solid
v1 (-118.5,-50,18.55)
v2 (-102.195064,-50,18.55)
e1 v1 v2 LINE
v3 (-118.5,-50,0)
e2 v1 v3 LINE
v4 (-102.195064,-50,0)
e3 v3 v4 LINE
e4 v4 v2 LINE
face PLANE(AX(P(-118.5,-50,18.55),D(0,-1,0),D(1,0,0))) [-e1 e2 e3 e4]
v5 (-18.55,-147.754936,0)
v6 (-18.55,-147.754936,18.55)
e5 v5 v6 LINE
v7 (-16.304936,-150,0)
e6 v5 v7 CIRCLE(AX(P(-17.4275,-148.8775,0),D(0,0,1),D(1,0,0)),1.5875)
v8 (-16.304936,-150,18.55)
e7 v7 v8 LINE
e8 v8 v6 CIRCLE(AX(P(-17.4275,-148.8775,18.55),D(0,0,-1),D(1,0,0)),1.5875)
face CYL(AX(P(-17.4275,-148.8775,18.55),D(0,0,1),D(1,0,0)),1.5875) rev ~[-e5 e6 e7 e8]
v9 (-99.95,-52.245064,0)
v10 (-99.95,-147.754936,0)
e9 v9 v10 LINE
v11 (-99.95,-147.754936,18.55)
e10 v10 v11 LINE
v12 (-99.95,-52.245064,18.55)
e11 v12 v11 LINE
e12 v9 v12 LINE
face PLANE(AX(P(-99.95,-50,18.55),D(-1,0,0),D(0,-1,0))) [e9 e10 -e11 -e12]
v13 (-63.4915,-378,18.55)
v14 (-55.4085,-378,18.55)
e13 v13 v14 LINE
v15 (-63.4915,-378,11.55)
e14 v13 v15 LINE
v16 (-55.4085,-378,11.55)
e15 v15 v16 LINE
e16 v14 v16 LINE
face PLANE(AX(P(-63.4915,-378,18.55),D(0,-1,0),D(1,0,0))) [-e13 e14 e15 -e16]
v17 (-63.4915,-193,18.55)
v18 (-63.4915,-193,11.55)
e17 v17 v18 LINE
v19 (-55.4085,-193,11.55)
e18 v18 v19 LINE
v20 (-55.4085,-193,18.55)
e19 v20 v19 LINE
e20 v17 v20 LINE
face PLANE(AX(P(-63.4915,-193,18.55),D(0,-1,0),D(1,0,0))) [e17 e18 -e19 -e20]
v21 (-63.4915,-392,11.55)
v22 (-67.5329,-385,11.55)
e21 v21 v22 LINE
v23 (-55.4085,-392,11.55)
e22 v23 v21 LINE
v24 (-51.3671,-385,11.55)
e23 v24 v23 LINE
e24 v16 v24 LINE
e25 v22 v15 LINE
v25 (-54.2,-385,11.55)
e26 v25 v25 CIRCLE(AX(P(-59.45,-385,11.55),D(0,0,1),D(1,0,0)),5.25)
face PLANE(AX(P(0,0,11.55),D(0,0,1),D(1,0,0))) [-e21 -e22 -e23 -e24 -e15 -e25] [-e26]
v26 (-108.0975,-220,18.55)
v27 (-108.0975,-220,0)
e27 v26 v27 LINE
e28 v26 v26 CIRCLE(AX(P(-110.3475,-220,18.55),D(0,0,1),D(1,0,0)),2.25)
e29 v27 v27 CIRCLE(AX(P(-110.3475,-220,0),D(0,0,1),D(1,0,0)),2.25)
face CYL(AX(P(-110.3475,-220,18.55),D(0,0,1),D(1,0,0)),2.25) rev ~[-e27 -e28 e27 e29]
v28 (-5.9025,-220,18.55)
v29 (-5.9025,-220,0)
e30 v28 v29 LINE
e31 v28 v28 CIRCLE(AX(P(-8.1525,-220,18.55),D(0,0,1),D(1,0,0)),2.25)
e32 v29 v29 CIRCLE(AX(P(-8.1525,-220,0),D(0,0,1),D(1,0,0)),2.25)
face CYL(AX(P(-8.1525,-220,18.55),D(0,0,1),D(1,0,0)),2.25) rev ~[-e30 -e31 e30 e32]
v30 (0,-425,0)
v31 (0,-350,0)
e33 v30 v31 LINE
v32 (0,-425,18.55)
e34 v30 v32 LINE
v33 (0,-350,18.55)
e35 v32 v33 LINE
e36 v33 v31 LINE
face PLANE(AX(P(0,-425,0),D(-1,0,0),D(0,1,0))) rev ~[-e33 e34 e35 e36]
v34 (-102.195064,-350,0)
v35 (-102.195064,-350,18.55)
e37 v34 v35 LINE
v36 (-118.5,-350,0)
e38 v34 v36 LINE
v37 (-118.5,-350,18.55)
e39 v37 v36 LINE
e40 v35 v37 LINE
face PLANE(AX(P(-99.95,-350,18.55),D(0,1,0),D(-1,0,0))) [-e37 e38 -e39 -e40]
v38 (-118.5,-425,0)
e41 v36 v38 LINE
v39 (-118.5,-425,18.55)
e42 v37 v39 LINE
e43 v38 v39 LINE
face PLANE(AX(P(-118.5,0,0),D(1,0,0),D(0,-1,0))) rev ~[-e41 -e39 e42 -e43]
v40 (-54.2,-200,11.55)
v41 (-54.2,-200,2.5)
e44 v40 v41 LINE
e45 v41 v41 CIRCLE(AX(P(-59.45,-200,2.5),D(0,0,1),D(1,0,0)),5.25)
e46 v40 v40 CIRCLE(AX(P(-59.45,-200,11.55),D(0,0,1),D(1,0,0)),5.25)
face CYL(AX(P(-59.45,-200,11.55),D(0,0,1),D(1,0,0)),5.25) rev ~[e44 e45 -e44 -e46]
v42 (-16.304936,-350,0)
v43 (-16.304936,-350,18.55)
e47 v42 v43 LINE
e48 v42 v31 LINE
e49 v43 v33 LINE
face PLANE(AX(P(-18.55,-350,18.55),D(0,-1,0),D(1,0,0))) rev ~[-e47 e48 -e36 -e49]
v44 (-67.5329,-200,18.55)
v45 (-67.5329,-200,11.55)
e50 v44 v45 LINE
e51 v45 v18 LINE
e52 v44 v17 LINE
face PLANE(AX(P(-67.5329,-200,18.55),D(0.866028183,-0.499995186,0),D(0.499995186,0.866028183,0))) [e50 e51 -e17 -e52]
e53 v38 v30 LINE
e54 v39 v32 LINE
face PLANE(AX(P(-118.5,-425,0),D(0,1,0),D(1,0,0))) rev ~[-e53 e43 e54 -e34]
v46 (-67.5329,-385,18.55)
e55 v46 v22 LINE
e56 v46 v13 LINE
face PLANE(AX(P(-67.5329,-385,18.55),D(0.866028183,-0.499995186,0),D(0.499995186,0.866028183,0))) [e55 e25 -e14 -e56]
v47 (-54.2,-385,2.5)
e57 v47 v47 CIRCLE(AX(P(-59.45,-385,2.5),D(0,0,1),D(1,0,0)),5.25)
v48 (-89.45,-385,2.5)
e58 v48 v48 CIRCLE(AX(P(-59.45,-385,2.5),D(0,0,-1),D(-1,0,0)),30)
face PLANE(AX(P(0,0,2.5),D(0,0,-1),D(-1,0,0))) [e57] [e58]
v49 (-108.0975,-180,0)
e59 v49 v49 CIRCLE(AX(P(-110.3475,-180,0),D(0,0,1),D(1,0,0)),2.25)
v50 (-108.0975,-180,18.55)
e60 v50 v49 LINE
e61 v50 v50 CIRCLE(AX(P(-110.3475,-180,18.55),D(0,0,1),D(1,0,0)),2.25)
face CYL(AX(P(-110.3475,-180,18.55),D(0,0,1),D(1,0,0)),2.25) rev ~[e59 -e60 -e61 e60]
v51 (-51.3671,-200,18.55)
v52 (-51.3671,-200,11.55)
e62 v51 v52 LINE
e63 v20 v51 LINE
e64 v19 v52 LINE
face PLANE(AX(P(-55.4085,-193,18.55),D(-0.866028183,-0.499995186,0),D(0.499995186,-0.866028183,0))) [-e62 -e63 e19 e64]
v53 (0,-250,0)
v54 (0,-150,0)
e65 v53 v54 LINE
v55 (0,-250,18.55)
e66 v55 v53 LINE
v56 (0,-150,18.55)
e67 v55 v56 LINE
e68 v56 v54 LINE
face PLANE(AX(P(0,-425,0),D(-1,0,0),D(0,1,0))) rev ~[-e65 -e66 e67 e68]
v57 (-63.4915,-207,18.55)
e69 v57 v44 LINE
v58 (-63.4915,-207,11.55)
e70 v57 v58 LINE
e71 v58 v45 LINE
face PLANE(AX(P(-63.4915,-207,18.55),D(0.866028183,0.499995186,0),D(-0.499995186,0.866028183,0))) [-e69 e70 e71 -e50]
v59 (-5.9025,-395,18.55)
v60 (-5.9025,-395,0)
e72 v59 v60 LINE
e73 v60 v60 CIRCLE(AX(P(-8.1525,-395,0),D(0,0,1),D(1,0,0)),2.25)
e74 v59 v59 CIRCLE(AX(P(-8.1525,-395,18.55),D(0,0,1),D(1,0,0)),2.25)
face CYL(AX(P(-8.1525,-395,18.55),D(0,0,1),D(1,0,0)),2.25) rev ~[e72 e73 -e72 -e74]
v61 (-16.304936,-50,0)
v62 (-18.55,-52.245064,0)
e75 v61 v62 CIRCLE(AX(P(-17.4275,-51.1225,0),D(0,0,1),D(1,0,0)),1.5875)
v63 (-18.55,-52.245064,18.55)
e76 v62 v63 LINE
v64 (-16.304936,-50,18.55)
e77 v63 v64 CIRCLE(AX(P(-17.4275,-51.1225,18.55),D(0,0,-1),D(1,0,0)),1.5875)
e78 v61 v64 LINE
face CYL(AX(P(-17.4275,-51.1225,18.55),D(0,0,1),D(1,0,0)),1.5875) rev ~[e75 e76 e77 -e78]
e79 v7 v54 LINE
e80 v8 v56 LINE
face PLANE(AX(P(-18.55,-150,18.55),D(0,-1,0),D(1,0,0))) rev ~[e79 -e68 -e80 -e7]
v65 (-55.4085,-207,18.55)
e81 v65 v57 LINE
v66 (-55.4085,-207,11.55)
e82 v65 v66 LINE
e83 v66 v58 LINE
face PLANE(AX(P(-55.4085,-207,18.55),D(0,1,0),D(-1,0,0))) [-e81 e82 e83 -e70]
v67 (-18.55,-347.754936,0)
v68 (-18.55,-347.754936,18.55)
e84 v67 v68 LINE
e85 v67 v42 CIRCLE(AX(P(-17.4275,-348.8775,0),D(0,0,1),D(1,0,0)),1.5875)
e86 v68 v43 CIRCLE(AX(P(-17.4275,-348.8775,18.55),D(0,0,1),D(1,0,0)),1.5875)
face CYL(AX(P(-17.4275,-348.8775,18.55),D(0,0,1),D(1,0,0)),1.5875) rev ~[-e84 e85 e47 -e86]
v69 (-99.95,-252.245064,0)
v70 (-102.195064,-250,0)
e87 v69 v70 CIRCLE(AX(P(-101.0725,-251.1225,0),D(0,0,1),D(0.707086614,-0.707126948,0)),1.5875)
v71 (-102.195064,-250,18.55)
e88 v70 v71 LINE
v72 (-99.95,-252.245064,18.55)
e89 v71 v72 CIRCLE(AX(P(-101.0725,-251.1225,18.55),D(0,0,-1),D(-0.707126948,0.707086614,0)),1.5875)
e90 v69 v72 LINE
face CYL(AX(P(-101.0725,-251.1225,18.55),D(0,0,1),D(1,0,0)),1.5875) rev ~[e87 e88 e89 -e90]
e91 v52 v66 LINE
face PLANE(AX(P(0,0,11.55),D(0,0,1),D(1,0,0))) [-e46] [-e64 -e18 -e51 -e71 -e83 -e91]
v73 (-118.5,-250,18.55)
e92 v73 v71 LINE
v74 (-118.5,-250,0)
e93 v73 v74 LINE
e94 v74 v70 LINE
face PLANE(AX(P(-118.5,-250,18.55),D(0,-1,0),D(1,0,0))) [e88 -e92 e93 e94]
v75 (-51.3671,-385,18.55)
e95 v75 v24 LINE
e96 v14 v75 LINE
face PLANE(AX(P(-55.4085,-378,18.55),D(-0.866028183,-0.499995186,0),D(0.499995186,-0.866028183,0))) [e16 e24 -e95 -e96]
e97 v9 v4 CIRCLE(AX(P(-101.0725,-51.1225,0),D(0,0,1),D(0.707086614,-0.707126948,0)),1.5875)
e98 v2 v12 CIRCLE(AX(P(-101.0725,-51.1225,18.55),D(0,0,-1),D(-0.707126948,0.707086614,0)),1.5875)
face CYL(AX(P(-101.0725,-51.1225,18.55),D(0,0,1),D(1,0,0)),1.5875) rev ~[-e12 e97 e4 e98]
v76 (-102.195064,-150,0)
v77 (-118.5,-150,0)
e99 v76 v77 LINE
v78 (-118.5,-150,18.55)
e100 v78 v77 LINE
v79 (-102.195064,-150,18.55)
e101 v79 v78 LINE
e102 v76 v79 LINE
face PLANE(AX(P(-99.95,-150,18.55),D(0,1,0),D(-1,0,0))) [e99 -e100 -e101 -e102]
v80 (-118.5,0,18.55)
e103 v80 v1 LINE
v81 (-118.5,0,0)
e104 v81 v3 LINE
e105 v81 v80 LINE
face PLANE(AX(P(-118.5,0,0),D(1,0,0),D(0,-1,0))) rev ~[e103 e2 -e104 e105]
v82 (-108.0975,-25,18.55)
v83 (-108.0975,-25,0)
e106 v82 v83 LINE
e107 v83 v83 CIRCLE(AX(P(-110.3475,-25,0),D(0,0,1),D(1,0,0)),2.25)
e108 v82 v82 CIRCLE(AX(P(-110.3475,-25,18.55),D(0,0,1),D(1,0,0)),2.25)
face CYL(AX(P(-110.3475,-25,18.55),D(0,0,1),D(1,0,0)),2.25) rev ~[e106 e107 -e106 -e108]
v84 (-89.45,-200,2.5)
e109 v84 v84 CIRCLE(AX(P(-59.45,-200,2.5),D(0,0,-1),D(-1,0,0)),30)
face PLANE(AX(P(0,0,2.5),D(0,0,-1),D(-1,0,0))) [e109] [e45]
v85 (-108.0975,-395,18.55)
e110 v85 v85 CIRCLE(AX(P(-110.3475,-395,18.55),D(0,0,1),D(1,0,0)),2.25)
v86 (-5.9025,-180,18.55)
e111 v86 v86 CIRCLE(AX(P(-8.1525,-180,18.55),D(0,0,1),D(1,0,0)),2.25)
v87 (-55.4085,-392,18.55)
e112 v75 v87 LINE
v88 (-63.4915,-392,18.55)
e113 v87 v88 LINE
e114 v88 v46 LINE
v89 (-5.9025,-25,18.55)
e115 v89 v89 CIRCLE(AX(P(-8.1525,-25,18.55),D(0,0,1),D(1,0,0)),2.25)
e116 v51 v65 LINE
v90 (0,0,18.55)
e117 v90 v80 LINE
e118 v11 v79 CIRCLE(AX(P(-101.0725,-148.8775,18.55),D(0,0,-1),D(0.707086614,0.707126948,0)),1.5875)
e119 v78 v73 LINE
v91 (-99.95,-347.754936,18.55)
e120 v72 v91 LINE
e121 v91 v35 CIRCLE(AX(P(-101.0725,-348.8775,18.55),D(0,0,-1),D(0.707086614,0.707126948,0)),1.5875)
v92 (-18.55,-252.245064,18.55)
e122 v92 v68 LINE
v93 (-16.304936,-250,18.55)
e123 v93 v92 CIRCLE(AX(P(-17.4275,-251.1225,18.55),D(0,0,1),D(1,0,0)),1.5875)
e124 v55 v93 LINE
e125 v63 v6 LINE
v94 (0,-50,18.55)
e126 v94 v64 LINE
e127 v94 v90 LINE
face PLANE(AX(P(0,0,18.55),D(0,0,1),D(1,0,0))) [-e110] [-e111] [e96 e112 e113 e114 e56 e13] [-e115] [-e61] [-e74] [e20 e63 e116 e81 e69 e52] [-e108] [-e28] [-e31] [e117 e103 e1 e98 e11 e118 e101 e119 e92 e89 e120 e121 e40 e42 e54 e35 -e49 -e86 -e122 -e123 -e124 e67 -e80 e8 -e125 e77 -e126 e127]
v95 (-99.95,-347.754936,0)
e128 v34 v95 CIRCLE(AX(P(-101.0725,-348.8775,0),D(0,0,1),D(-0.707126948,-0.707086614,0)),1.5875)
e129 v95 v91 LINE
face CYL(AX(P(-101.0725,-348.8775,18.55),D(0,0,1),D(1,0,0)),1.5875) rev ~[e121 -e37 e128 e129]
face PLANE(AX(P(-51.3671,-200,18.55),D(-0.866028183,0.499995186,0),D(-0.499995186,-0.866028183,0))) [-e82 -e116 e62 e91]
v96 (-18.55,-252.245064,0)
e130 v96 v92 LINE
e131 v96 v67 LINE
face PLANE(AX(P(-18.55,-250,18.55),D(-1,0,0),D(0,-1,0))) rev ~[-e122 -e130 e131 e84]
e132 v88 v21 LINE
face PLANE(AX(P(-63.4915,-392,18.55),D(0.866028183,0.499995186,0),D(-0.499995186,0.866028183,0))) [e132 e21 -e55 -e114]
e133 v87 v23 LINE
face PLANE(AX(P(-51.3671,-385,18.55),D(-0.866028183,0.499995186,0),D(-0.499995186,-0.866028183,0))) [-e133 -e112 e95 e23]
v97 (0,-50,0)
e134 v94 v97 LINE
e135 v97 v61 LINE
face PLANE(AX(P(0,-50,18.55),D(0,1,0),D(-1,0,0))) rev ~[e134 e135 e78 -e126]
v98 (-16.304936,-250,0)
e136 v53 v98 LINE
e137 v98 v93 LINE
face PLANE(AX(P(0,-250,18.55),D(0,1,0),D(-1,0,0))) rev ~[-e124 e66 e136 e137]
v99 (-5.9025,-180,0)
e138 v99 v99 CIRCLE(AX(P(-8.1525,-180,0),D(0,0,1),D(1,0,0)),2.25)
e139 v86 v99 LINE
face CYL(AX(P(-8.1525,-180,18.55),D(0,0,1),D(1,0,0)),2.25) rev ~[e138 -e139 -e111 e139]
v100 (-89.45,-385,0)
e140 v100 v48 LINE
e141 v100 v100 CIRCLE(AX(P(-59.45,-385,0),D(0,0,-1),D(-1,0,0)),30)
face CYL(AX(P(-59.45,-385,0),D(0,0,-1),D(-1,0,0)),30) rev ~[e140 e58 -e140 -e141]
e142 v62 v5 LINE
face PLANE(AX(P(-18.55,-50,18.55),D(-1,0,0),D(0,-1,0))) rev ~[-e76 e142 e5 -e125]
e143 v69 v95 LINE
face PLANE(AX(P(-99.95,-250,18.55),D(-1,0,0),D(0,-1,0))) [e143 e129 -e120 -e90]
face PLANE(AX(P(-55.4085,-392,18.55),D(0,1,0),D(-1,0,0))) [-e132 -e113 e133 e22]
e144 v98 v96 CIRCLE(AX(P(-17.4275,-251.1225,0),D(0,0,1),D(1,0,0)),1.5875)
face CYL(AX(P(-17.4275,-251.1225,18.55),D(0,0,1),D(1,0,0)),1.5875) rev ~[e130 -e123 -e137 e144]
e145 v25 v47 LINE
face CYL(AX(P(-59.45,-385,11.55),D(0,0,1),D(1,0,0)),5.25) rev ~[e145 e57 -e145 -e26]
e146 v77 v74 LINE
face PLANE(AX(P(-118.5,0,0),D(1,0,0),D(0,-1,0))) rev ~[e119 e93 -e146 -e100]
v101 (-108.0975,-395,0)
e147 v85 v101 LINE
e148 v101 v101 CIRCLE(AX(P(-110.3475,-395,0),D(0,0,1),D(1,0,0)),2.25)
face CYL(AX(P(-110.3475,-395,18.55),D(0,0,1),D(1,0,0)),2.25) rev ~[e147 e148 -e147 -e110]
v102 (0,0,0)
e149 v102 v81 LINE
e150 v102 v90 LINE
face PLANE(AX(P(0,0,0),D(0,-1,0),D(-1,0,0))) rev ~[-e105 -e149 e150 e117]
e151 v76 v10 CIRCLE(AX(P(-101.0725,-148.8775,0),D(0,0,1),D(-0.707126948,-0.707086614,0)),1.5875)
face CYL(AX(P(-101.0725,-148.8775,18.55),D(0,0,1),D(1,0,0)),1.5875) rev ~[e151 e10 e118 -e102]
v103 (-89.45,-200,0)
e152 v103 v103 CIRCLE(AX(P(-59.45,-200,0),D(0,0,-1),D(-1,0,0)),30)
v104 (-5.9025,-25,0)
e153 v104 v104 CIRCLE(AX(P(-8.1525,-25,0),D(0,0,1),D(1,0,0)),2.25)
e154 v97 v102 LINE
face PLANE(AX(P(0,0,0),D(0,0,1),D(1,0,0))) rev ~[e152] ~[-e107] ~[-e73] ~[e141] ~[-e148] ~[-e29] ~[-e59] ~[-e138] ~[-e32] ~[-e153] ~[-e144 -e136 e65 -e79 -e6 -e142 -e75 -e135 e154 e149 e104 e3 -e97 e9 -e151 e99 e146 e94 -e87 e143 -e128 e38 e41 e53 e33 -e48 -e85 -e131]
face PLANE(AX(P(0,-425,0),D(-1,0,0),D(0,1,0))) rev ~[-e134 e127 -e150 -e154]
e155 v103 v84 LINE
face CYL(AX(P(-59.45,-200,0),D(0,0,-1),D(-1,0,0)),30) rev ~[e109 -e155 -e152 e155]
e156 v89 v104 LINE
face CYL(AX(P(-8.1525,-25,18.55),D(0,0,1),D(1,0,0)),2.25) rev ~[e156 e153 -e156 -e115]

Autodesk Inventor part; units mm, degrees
ref_plane "YZ Plane" through (0, 0, 0) normal (1, 0, 0) x (0, 1, 0)
ref_plane "XZ Plane" through (0, 0, 0) normal (0, 1, 0) x (-1, 0, 0)
ref_plane "XY Plane" through (0, 0, 0) normal (0, 0, 1) x (1, 0, 0)
sketch "Esquisse1" plane through (0, 0, 0) normal (0, 0, 1) x (1, 0, 0)
  line L0 (0, 0) -> (-118.5, 0)
  line L1 (-118.5, 0) -> (-118.5, -425)
  line L2 (-118.5, -425) -> (0, -425)
  line L3 (0, -425) -> (0, 0)
  dimension "d0" = 425
  dimension "d3" = 118.5
extrude "Extrusion1" add sketch "Esquisse1" along normal blind 18.55
sketch "Esquisse2" plane through (0, 0, 18.55) normal (0, 0, 1) x (1, 0, 0)
  line L0 (-118.5, 0) -> (-118.5, -425) construction
  line L1 (-118.5, -50) -> (-99.95, -50)
  line L2 (-99.95, -50) -> (-99.95, -150)
  line L3 (-99.95, -150) -> (-118.5, -150)
  line L4 (-118.5, -150) -> (-118.5, -50)
  line L5 (-118.5, -250) -> (-99.95, -250)
  line L6 (-99.95, -250) -> (-99.95, -350)
  line L7 (-99.95, -350) -> (-118.5, -350)
  line L8 (-118.5, -350) -> (-118.5, -250)
  line L9 (0, 0) -> (-118.5, 0) projected
  line L10 (-118.5, -425) -> (0, -425) projected
  line L11 (-59.25, 0) -> (-59.25, -425) construction
  line L12 (0, 0) -> (0, -425) construction
  line L13 (0, -50) -> (-18.55, -50)
  line L14 (-18.55, -50) -> (-18.55, -150)
  line L15 (-18.55, -150) -> (0, -150)
  line L16 (0, -150) -> (0, -50)
  line L17 (0, -250) -> (-18.55, -250)
  line L18 (-18.55, -250) -> (-18.55, -350)
  line L19 (-18.55, -350) -> (0, -350)
  line L20 (0, -350) -> (0, -250)
  dimension "d27" = 18.55
  dimension "d28" = 100
  dimension "d29" = 100
  dimension "d30" = 100
  dimension "d31" = 50
  dimension "d32" = 75
extrude "Extrusion2" cut sketch "Esquisse2" against normal blind 18.55
sketch "Esquisse3" plane through (0, 0, 18.55) normal (0, 0, 1) x (1, 0, 0)
  line L0 (0, -425) -> (0, 0) projected
  line L1 (-118.5, -425) -> (0, -425) projected
  line L2 (-118.5, -350) -> (-118.5, -425) projected
  line L3 (-67.5329, -385) -> (-63.4915, -378)
  line L4 (-63.4915, -378) -> (-55.4085, -378)
  line L5 (-55.4085, -378) -> (-51.3671, -385)
  line L6 (-51.3671, -385) -> (-55.4085, -392)
  line L7 (-55.4085, -392) -> (-63.4915, -392)
  line L8 (-63.4915, -392) -> (-67.5329, -385)
  line L9 (-99.95, -250) -> (-99.95, -350) projected
  line L10 (-18.55, -350) -> (-18.55, -250) projected
  line L11 (-55.4085, -207) -> (-63.4915, -207)
  line L12 (-63.4915, -207) -> (-67.5329, -200)
  line L13 (-67.5329, -200) -> (-63.4915, -193)
  line L14 (-63.4915, -193) -> (-55.4085, -193)
  line L15 (-55.4085, -193) -> (-51.3671, -200)
  line L16 (-51.3671, -200) -> (-55.4085, -207)
  line L17 (-118.5, -150) -> (-118.5, -250) projected
  line L18 (-118.5, -200) -> (-59.45, -200) construction
  point P0 (-59.45, -385)
  dimension "d43" = 14
  dimension "d44" = 40.5
  dimension "d45" = 40.9
  dimension "d46" = 40
extrude "Extrusion3" cut sketch "Esquisse3" against normal blind 7
sketch "Esquisse4" plane through (0, 0, 18.55) normal (0, 0, 1) x (1, 0, 0)
  circle A0 centre (-101.0725, -51.1225) radius 1.5875
  circle A1 centre (-17.4275, -51.1225) radius 1.5875
  circle A2 centre (-101.0725, -148.8775) radius 1.5875
  circle A3 centre (-17.4275, -148.8775) radius 1.5875
  line L0 (-118.5, -50) -> (-99.95, -50) projected
  line L1 (-99.95, -50) -> (-101.0725, -51.1225) construction
  line L2 (-99.95, -150) -> (-99.95, -50) projected
  line L3 (-101.0725, -148.8775) -> (-99.95, -150) construction
  line L4 (-99.95, -150) -> (-118.5, -150) projected
  line L5 (-18.55, -50) -> (0, -50) projected
  line L6 (-18.55, -50) -> (-17.4275, -51.1225) construction
  line L7 (-18.55, -150) -> (-18.55, -50) projected
  line L8 (-18.55, -150) -> (-17.4275, -148.8775) construction
  line L9 (0, -150) -> (-18.55, -150) projected
  line L10 (-118.5, -150) -> (-118.5, -250) projected
  line L11 (-118.5, -200) -> (0, -200) construction
  line L12 (0, -250) -> (0, -150) projected
  circle A4 centre (-101.0725, -348.8775) radius 1.5875
  circle A5 centre (-17.4275, -348.8775) radius 1.5875
  circle A6 centre (-101.0725, -251.1225) radius 1.5875
  circle A7 centre (-17.4275, -251.1225) radius 1.5875
  line L13 (-99.95, -350) -> (-101.0725, -348.8775) construction
  line L14 (-101.0725, -251.1225) -> (-99.95, -250) construction
  line L15 (-18.55, -350) -> (-17.4275, -348.8775) construction
  line L16 (-18.55, -250) -> (-17.4275, -251.1225) construction
  point P0 (0, 0)
  point P1 (-99.95, -350)
  point P2 (-99.95, -250)
  point P3 (-18.55, -350)
  point P4 (-18.55, -250)
  dimension "d34" = 3.175
  dimension "d51" = 45
  dimension "d52" = 45
  dimension "d53" = 45
  dimension "d54" = 45
extrude "Extrusion4" cut sketch "Esquisse4" against normal blind 18.55
sketch "Esquisse5" plane through (0, 0, 18.55) normal (0, 0, 1) x (1, 0, 0)
  circle A0 centre (-110.3475, -25) radius 2.25
  circle A1 centre (-110.3475, -180) radius 2.25
  circle A2 centre (-110.3475, -395) radius 2.25
  line L0 (-118.5, -50) -> (-102.1951, -50) projected
  line L1 (-110.3475, -50) -> (-110.3475, -425) construction
  line L2 (-118.5, -425) -> (0, -425) projected
  line L3 (-110.3475, -50) -> (-110.3475, 0) construction
  line L4 (0, 0) -> (-118.5, 0) projected
  line L5 (-99.95, -350) -> (-118.5, -350) projected
  line L6 (-102.1951, -150) -> (-118.5, -150) projected
  line L7 (-59.25, 0) -> (-59.25, -425) construction
  circle A3 centre (-8.1525, -25) radius 2.25
  circle A4 centre (-8.1525, -180) radius 2.25
  circle A5 centre (-8.1525, -395) radius 2.25
  line L8 (0, -50) -> (-16.3049, -50)
  line L9 (-8.1525, -50) -> (-8.1525, -425) construction
  line L10 (-8.1525, -50) -> (-8.1525, 0) construction
  line L11 (-16.9625, -350.1) -> (0, -350)
  line L12 (-16.3049, -150) -> (0, -150)
  circle A6 centre (-110.3475, -220) radius 2.25
  line L13 (-118.5, -250) -> (-102.1951, -250) projected
  circle A7 centre (-8.1525, -220) radius 2.25
  point P0 (-101.5375, -350.1)
  dimension "d37" = 4.5
  dimension "d38" = 30
  dimension "d39" = 45
  dimension "d40" = 30
  dimension "d56" = 30
extrude "Extrusion5" cut sketch "Esquisse5" against normal blind 120
sketch "Esquisse6" plane through (0, 0, 11.55) normal (0, 0, 1) x (1, 0, 0)
  circle A0 centre (-59.45, -385) radius 5.25
  line L0 (-63.4915, -392) -> (-67.5329, -385) projected
  line L1 (-63.4915, -378) -> (-55.4085, -378) projected
  line L2 (-63.4915, -392) -> (-55.4085, -378) construction
  line L3 (-63.4915, -378) -> (-55.4085, -392) construction
  circle A1 centre (-59.45, -200) radius 5.25
  line L4 (-63.4915, -193) -> (-55.4085, -207) construction
  point P0 (0, 0)
  dimension "d47" = 10.5
extrude "Extrusion6" cut sketch "Esquisse6" against normal blind 18
sketch "Esquisse7" plane through (0, 0, 0) normal (0, 0, -1) x (-1, 0, 0)
  circle A0 centre (59.45, -200) radius 5.25 construction
  circle A1 centre (59.45, -200) radius 30
  circle A2 centre (59.45, -385) radius 5.25 construction
  circle A3 centre (59.45, -385) radius 30
  point P0 (0, 0)
  dimension "d57" = 60
extrude "Extrusion7" cut sketch "Esquisse7" against normal blind 2.5
properties part number "rail"
